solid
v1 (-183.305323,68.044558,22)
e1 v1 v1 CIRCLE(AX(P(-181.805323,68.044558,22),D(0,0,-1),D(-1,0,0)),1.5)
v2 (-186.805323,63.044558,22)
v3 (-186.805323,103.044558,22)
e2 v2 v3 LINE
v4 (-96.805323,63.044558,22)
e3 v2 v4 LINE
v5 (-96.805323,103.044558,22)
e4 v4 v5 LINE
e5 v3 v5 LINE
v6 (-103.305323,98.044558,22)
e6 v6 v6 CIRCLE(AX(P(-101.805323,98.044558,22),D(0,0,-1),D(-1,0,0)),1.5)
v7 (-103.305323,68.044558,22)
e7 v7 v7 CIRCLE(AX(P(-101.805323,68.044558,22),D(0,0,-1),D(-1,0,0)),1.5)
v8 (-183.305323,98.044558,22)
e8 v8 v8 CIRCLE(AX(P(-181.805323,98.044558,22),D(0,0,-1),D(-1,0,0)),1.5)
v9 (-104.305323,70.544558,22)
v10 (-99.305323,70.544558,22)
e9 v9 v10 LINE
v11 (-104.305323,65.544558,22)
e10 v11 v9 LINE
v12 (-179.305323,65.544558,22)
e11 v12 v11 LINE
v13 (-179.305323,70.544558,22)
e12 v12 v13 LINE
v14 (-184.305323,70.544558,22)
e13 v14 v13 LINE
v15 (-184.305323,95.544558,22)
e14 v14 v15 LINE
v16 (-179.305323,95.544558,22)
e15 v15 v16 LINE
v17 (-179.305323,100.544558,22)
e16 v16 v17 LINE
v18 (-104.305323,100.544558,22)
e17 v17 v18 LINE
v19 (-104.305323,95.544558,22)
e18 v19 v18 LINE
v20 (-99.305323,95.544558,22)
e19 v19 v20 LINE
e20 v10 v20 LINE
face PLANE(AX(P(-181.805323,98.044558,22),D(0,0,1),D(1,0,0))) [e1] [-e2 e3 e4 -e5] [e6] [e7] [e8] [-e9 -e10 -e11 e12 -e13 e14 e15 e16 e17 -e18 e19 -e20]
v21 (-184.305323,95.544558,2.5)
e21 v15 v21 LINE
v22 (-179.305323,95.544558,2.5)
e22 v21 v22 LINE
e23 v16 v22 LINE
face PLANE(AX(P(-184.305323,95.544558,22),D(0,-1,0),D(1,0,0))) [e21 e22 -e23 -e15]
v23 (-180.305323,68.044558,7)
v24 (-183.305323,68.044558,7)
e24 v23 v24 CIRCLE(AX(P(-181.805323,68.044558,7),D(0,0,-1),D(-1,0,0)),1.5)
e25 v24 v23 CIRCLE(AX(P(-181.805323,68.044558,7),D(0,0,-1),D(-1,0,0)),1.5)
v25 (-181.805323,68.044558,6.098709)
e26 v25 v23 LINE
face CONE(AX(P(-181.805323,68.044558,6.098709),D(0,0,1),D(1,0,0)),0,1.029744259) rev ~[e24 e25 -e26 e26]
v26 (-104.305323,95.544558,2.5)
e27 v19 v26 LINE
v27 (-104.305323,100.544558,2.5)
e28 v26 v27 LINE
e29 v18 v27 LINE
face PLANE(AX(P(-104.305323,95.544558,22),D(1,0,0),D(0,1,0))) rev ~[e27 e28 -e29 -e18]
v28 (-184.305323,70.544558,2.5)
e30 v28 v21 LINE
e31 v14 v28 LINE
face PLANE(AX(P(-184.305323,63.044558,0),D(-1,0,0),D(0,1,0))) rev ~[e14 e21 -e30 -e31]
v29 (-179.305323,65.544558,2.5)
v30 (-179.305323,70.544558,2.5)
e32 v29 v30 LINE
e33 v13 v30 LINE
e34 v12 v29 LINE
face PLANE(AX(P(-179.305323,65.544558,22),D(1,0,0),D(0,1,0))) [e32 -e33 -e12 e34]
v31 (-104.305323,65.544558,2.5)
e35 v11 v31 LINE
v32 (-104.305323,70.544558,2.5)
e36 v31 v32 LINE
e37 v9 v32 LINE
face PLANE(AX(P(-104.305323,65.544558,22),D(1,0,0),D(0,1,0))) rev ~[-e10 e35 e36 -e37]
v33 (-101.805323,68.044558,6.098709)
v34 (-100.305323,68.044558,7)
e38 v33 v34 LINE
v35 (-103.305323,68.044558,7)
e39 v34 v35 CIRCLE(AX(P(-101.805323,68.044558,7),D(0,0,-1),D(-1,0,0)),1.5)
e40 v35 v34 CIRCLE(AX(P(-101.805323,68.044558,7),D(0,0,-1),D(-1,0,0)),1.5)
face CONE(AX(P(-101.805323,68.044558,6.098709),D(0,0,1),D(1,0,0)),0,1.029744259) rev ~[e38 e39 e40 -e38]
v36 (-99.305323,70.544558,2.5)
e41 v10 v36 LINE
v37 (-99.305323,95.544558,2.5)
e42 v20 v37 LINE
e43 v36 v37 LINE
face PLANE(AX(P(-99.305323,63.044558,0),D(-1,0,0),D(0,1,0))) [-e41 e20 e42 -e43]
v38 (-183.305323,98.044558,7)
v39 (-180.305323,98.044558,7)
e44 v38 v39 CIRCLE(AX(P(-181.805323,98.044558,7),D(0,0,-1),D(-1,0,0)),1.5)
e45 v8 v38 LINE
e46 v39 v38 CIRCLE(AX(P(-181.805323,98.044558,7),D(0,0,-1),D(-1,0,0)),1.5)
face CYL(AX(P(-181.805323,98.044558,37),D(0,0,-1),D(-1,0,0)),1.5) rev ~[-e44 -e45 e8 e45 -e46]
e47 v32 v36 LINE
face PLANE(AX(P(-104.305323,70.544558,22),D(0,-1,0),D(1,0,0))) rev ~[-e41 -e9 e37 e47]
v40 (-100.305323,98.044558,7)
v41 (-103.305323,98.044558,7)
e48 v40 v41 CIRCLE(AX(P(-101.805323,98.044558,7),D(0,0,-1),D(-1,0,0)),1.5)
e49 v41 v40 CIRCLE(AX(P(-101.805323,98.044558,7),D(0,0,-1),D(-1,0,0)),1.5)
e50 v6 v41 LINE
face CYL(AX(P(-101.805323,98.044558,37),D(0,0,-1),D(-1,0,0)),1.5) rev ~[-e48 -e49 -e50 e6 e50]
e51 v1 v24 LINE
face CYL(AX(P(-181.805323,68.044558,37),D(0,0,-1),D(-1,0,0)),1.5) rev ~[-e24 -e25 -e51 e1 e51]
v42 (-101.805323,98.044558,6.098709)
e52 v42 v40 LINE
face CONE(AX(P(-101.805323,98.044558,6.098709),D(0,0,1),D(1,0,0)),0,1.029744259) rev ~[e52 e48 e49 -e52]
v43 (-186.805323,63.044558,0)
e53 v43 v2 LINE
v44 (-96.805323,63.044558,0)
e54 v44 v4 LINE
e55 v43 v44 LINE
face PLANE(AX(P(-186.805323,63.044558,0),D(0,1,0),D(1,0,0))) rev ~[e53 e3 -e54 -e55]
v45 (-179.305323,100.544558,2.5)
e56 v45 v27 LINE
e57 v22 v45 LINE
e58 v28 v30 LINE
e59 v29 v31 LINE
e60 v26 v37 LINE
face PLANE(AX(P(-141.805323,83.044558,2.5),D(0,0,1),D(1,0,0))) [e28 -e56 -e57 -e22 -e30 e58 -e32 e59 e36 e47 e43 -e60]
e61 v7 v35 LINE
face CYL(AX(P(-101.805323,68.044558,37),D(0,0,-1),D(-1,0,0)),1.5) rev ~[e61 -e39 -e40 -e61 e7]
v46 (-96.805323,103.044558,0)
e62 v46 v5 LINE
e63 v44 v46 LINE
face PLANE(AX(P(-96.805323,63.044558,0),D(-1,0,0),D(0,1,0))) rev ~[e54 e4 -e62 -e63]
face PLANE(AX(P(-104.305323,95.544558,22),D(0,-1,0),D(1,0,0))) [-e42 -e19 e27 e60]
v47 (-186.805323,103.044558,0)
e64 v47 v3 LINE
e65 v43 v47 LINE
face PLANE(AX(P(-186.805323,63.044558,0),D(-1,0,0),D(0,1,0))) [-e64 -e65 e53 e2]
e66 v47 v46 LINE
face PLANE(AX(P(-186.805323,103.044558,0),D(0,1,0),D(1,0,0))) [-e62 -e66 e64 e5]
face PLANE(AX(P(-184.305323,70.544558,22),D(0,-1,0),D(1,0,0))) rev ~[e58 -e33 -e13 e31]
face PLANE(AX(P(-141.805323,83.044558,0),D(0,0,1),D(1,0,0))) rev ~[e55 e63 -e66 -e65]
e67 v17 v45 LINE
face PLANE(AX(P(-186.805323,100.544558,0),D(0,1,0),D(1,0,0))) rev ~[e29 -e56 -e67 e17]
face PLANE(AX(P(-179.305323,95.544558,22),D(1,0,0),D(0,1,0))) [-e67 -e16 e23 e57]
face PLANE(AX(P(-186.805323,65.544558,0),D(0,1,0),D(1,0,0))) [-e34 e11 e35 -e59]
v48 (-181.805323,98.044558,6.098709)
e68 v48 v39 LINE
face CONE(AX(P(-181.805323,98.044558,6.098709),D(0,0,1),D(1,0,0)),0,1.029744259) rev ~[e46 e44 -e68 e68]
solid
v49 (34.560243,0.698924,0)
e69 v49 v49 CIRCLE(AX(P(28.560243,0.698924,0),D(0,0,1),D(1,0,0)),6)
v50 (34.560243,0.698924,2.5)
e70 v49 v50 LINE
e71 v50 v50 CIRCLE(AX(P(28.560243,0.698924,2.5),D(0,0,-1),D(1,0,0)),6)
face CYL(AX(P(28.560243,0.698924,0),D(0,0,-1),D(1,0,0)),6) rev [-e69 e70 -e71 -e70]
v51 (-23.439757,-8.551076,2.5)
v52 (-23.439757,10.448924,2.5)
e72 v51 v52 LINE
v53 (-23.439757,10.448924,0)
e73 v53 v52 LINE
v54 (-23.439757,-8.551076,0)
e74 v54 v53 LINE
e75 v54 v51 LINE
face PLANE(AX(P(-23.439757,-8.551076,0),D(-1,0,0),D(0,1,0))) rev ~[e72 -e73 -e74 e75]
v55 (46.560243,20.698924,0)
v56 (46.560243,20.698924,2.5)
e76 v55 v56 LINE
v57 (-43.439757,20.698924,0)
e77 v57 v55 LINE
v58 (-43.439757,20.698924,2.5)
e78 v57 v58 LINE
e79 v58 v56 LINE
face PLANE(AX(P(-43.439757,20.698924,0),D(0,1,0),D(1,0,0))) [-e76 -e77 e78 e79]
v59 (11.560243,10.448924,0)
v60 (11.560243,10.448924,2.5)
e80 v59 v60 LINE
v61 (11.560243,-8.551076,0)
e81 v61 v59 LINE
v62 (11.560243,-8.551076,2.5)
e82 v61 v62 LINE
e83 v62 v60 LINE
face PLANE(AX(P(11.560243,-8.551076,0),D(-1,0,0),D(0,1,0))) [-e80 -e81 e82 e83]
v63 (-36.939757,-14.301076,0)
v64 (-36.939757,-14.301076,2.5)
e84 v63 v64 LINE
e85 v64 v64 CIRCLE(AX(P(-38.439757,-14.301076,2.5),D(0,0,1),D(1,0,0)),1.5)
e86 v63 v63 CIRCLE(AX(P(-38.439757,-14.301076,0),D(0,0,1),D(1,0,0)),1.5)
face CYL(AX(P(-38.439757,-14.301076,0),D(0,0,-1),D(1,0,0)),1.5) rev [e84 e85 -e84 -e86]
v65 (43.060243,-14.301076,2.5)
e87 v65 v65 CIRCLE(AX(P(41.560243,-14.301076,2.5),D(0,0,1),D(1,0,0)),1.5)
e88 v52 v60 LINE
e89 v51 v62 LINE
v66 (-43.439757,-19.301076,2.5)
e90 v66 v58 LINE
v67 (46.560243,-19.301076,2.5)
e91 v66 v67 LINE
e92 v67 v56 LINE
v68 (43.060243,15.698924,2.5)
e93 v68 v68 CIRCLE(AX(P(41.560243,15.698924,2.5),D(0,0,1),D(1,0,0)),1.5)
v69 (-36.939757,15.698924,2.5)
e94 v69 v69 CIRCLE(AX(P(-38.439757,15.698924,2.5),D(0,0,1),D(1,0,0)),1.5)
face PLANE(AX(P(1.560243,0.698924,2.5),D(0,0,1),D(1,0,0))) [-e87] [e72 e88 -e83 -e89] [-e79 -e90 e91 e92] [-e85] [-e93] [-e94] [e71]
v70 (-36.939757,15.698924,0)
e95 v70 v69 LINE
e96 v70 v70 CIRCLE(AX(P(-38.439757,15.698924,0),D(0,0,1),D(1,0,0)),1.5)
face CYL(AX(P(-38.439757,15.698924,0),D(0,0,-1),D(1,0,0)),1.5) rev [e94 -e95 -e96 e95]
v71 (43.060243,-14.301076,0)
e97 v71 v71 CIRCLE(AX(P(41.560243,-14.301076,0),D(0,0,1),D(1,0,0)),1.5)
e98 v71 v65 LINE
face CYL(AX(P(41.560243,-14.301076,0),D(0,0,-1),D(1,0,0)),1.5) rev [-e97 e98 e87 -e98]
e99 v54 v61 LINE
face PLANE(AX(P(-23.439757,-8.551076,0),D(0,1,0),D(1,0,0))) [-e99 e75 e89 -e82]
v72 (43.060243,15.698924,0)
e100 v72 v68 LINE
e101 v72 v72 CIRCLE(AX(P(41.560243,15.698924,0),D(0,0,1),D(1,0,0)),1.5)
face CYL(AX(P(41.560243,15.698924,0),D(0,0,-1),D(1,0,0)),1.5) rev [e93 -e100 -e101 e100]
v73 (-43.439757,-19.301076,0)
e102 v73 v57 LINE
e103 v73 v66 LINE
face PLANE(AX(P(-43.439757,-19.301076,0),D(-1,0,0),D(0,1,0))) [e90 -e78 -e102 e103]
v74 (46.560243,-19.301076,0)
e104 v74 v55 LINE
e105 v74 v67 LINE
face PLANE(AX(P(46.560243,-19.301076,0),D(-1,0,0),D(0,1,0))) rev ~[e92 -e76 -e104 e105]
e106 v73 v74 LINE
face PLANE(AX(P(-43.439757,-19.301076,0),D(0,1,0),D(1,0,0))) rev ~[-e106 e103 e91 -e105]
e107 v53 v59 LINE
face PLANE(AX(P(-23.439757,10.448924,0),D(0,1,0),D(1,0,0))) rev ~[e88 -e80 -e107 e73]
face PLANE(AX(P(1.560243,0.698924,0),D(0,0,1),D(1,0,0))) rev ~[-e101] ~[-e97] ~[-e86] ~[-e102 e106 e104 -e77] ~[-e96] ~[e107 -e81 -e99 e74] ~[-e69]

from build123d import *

# Parameters (mm, degrees)
F0_W     = 90
F0_H     = 40
F1_DEPTH = 22
F2_T     = -2.5
F3_W     = 90
F3_H     = 40
F3_R     = 1.5
F3_W_2   = 35
F3_H_2   = 19
F4_DEPTH = 2.5
F5_R     = 6
F6_DEPTH = 25
F7_W     = 5
F7_H     = 5
F8_DEPTH = 22
F9_D     = 3
F9_DEPTH = 15
F9_TIP   = 0.9012909285


with BuildPart() as f1:
    # F0 (on Top) → F1 (new body)
    with BuildSketch(Plane.XY):
        with Locations((-141.8053229451, 83.0445581675)):
            Rectangle(F0_W, F0_H)
    extrude(amount=F1_DEPTH)

    # F2
    f2_openings = [f1.faces().sort_by_distance(p)[0] for p in [
        (-141.805323, 83.044558, 22),
    ]]
    offset(amount=F2_T, openings=f2_openings)

    # F7 (on face) → F8 (join)
    with BuildSketch(Plane.XY.offset(22)):
        with Locations((-181.8053229451, 98.0445581675)):
            Rectangle(F7_W, F7_H)
        with Locations((-101.8053229451, 98.0445581675)):
            Rectangle(F7_W, F7_H)
        with Locations((-101.8053229451, 68.0445581675)):
            Rectangle(F7_W, F7_H)
        with Locations((-181.8053229451, 68.0445581675)):
            Rectangle(F7_W, F7_H)
    extrude(amount=-F8_DEPTH)

    # F9
    with Locations(Plane.XY.offset(22)):
        with Locations((-181.8053229451, 98.0445581675), (-181.8053229451, 68.0445581675), (-101.8053229451, 98.0445581675), (-101.8053229451, 68.0445581675)):
            Hole(F9_D / 2, depth=F9_DEPTH)
            with Locations((0, 0, -(F9_DEPTH + F9_TIP / 2))):  # 118° drill point
                Cone(0, F9_D / 2, F9_TIP, mode=Mode.SUBTRACT)


with BuildPart() as f4:
    # F3 (on Top) → F4 (new body)
    with BuildSketch(Plane.XY):
        with Locations((1.5602434054, 0.6989241838)):
            Rectangle(F3_W, F3_H)
        with Locations((-38.4397565946, -14.3010758162)):
            Circle(F3_R, mode=Mode.SUBTRACT)
        with Locations((41.5602434054, -14.3010758162)):
            Circle(F3_R, mode=Mode.SUBTRACT)
        with Locations((-5.9397565946, 0.9489241838)):
            Rectangle(F3_W_2, F3_H_2, mode=Mode.SUBTRACT)
        with Locations((-38.4397565946, 15.6989241838)):
            Circle(F3_R, mode=Mode.SUBTRACT)
        with Locations((41.5602434054, 15.6989241838)):
            Circle(F3_R, mode=Mode.SUBTRACT)
    extrude(amount=F4_DEPTH)

    # F5 (on face) → F6 (cut)
    with BuildSketch(Plane.XY):
        with Locations((28.5602434054, 0.6989241838)):
            Circle(F5_R)
    extrude(amount=F6_DEPTH, mode=Mode.SUBTRACT)


solid = Compound([f1.part, f4.part])
